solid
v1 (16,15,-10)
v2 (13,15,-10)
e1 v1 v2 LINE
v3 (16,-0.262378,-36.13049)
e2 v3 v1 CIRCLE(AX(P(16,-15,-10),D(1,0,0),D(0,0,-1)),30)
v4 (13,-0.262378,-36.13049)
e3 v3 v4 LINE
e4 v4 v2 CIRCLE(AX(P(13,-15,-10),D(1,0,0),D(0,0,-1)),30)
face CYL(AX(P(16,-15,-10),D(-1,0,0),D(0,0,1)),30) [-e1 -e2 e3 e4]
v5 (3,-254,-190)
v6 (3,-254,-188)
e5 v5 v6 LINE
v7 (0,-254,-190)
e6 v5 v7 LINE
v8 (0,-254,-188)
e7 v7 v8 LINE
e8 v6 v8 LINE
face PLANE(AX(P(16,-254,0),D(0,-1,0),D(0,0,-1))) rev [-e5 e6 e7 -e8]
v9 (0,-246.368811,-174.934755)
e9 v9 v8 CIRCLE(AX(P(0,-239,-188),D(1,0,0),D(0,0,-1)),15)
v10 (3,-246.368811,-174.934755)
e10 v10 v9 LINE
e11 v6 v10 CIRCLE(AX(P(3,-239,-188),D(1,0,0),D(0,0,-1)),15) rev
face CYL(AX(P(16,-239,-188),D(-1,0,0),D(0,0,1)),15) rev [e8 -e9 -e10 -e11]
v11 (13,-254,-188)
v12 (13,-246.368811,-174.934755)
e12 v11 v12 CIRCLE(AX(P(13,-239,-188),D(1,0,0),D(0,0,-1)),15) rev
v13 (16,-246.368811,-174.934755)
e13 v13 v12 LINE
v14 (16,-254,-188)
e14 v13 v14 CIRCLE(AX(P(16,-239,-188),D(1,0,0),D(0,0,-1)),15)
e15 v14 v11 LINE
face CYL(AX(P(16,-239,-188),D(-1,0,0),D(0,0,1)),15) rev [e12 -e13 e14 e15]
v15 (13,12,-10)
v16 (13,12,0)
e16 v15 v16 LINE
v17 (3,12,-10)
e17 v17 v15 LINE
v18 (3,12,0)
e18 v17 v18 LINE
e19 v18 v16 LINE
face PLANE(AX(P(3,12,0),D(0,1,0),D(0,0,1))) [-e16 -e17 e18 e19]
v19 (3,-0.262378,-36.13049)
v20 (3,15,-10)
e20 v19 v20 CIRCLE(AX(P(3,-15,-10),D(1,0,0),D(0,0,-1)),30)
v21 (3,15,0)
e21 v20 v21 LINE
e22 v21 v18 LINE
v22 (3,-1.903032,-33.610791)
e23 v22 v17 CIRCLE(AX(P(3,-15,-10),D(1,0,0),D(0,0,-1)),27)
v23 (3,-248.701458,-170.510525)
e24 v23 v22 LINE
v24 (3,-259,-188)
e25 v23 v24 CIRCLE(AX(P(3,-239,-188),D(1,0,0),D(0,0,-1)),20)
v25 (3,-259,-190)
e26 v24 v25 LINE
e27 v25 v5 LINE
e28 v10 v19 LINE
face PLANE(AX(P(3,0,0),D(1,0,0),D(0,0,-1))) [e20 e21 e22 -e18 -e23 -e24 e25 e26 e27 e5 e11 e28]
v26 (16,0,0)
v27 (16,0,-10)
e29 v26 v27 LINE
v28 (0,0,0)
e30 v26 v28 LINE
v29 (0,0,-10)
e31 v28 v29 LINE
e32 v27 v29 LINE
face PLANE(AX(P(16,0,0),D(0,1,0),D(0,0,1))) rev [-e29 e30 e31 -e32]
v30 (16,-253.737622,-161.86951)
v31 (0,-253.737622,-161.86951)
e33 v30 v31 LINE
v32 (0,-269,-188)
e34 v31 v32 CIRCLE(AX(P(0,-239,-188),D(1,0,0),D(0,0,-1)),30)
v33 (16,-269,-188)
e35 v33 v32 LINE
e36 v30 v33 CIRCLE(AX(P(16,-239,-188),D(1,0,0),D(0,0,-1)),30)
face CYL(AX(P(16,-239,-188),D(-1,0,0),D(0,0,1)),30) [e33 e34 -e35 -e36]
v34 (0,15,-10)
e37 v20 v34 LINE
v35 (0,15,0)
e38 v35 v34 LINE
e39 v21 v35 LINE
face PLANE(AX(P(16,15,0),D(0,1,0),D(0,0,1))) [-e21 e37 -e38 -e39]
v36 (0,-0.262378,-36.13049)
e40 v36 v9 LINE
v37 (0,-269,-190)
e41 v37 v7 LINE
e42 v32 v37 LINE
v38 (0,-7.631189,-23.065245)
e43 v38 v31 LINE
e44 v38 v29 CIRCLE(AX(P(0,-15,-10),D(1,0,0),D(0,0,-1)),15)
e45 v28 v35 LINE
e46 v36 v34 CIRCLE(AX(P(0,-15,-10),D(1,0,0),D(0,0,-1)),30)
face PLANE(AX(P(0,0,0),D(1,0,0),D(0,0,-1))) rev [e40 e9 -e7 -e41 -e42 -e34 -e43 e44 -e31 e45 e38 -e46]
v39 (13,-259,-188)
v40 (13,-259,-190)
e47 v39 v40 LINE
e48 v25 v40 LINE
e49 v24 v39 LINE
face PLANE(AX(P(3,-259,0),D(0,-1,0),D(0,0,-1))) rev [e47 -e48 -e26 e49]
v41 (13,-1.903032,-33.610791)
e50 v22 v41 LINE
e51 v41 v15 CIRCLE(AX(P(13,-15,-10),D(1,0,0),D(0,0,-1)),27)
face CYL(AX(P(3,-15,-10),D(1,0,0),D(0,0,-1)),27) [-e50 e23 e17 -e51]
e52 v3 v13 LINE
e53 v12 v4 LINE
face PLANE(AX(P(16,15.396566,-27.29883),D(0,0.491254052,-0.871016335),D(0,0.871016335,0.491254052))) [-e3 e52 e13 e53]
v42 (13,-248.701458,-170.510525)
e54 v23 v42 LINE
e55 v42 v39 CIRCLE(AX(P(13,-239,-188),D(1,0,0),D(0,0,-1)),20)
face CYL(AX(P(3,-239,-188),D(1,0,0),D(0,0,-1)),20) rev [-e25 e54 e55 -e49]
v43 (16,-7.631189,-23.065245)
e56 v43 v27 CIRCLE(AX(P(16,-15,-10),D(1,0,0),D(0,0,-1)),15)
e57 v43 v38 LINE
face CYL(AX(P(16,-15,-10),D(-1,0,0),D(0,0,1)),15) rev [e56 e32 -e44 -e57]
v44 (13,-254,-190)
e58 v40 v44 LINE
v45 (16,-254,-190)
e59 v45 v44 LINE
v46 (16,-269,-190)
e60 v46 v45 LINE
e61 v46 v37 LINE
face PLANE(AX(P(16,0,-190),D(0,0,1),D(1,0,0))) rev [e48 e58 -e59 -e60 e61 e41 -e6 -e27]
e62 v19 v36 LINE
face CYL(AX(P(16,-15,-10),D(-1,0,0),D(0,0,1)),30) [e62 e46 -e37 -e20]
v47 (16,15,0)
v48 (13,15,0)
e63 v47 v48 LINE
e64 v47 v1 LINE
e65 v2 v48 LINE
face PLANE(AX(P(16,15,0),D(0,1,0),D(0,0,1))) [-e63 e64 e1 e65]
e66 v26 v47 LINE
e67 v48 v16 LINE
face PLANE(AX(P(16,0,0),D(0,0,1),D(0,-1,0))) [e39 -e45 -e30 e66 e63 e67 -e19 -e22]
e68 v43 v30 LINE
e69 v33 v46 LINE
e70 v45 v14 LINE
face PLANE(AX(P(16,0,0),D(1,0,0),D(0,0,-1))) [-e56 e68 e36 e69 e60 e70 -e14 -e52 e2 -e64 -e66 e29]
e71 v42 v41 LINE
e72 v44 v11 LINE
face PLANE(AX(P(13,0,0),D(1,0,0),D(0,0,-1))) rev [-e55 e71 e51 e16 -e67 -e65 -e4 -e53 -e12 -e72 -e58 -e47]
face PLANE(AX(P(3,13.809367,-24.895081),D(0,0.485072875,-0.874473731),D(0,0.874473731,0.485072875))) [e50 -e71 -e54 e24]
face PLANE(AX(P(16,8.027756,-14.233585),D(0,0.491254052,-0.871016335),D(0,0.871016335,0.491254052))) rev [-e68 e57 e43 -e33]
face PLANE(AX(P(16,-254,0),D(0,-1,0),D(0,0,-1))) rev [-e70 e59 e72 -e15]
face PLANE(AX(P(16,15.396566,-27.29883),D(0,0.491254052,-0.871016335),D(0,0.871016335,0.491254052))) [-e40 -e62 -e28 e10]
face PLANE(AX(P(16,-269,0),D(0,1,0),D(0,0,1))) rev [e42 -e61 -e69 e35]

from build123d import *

# Parameters (mm, degrees)
BOSS_EXTRUDE1_DEPTH = 16
CUT_EXTRUDE1_START  = -13
CUT_EXTRUDE1_DEPTH  = 10


with BuildPart() as part:
    # Sketch1 → Boss-Extrude1 (new body)
    with BuildSketch(Plane(origin=(0, 0, 0), x_dir=(0, 0, -1), z_dir=(1, 0, 0))):
        with BuildLine():
            Line((0, 0), (10, 0))
            ThreePointArc((10, 0), (17.565310247, -2.047545373), (23.065245029, -7.631189218))
            Line((23.065245029, -7.631189218), (161.869509942, -253.737621564))
            ThreePointArc((161.869509942, -253.737621564), (172.869379506, -264.904909254), (188, -269))
            Line((188, -269), (190, -269))
            Line((190, -269), (190, -254))
            Line((190, -254), (188, -254))
            ThreePointArc((188, -254), (180.434689753, -251.952454627), (174.934754971, -246.368810782))
            Line((174.934754971, -246.368810782), (36.130490058, -0.262378436))
            ThreePointArc((36.130490058, -0.262378436), (25.130620494, 10.904909254), (10, 15))
            Line((10, 15), (0, 15))
            Line((0, 15), (0, 0))
        make_face()
    extrude(amount=BOSS_EXTRUDE1_DEPTH)

    # Sketch3 → Cut-Extrude1 (cut)
    with BuildSketch(Plane(origin=(16, 0, 0), x_dir=(0, 0, -1), z_dir=(1, 0, 0)).offset(CUT_EXTRUDE1_START)):
        with BuildLine():
            Line((10, 15), (0, 15))
            Line((0, 15), (0, 12))
            Line((0, 12), (10, 12))
            ThreePointArc((10, 12), (23.700034196, 8.26604958), (33.610790729, -1.903032367))
            Line((33.610790729, -1.903032367), (170.510525386, -248.701457506))
            ThreePointArc((170.510525386, -248.701457506), (177.851826522, -256.2341108), (188, -259))
            Line((188, -259), (190, -259))
            Line((190, -259), (190, -254))
            Line((190, -254), (188, -254))
            ThreePointArc((188, -254), (180.434689753, -251.952454627), (174.934754971, -246.368810782))
            Line((174.934754971, -246.368810782), (36.130490058, -0.262378436))
            ThreePointArc((36.130490058, -0.262378436), (25.130620494, 10.904909254), (10, 15))
        make_face()
    extrude(amount=CUT_EXTRUDE1_DEPTH, mode=Mode.SUBTRACT)


solid = part.part
